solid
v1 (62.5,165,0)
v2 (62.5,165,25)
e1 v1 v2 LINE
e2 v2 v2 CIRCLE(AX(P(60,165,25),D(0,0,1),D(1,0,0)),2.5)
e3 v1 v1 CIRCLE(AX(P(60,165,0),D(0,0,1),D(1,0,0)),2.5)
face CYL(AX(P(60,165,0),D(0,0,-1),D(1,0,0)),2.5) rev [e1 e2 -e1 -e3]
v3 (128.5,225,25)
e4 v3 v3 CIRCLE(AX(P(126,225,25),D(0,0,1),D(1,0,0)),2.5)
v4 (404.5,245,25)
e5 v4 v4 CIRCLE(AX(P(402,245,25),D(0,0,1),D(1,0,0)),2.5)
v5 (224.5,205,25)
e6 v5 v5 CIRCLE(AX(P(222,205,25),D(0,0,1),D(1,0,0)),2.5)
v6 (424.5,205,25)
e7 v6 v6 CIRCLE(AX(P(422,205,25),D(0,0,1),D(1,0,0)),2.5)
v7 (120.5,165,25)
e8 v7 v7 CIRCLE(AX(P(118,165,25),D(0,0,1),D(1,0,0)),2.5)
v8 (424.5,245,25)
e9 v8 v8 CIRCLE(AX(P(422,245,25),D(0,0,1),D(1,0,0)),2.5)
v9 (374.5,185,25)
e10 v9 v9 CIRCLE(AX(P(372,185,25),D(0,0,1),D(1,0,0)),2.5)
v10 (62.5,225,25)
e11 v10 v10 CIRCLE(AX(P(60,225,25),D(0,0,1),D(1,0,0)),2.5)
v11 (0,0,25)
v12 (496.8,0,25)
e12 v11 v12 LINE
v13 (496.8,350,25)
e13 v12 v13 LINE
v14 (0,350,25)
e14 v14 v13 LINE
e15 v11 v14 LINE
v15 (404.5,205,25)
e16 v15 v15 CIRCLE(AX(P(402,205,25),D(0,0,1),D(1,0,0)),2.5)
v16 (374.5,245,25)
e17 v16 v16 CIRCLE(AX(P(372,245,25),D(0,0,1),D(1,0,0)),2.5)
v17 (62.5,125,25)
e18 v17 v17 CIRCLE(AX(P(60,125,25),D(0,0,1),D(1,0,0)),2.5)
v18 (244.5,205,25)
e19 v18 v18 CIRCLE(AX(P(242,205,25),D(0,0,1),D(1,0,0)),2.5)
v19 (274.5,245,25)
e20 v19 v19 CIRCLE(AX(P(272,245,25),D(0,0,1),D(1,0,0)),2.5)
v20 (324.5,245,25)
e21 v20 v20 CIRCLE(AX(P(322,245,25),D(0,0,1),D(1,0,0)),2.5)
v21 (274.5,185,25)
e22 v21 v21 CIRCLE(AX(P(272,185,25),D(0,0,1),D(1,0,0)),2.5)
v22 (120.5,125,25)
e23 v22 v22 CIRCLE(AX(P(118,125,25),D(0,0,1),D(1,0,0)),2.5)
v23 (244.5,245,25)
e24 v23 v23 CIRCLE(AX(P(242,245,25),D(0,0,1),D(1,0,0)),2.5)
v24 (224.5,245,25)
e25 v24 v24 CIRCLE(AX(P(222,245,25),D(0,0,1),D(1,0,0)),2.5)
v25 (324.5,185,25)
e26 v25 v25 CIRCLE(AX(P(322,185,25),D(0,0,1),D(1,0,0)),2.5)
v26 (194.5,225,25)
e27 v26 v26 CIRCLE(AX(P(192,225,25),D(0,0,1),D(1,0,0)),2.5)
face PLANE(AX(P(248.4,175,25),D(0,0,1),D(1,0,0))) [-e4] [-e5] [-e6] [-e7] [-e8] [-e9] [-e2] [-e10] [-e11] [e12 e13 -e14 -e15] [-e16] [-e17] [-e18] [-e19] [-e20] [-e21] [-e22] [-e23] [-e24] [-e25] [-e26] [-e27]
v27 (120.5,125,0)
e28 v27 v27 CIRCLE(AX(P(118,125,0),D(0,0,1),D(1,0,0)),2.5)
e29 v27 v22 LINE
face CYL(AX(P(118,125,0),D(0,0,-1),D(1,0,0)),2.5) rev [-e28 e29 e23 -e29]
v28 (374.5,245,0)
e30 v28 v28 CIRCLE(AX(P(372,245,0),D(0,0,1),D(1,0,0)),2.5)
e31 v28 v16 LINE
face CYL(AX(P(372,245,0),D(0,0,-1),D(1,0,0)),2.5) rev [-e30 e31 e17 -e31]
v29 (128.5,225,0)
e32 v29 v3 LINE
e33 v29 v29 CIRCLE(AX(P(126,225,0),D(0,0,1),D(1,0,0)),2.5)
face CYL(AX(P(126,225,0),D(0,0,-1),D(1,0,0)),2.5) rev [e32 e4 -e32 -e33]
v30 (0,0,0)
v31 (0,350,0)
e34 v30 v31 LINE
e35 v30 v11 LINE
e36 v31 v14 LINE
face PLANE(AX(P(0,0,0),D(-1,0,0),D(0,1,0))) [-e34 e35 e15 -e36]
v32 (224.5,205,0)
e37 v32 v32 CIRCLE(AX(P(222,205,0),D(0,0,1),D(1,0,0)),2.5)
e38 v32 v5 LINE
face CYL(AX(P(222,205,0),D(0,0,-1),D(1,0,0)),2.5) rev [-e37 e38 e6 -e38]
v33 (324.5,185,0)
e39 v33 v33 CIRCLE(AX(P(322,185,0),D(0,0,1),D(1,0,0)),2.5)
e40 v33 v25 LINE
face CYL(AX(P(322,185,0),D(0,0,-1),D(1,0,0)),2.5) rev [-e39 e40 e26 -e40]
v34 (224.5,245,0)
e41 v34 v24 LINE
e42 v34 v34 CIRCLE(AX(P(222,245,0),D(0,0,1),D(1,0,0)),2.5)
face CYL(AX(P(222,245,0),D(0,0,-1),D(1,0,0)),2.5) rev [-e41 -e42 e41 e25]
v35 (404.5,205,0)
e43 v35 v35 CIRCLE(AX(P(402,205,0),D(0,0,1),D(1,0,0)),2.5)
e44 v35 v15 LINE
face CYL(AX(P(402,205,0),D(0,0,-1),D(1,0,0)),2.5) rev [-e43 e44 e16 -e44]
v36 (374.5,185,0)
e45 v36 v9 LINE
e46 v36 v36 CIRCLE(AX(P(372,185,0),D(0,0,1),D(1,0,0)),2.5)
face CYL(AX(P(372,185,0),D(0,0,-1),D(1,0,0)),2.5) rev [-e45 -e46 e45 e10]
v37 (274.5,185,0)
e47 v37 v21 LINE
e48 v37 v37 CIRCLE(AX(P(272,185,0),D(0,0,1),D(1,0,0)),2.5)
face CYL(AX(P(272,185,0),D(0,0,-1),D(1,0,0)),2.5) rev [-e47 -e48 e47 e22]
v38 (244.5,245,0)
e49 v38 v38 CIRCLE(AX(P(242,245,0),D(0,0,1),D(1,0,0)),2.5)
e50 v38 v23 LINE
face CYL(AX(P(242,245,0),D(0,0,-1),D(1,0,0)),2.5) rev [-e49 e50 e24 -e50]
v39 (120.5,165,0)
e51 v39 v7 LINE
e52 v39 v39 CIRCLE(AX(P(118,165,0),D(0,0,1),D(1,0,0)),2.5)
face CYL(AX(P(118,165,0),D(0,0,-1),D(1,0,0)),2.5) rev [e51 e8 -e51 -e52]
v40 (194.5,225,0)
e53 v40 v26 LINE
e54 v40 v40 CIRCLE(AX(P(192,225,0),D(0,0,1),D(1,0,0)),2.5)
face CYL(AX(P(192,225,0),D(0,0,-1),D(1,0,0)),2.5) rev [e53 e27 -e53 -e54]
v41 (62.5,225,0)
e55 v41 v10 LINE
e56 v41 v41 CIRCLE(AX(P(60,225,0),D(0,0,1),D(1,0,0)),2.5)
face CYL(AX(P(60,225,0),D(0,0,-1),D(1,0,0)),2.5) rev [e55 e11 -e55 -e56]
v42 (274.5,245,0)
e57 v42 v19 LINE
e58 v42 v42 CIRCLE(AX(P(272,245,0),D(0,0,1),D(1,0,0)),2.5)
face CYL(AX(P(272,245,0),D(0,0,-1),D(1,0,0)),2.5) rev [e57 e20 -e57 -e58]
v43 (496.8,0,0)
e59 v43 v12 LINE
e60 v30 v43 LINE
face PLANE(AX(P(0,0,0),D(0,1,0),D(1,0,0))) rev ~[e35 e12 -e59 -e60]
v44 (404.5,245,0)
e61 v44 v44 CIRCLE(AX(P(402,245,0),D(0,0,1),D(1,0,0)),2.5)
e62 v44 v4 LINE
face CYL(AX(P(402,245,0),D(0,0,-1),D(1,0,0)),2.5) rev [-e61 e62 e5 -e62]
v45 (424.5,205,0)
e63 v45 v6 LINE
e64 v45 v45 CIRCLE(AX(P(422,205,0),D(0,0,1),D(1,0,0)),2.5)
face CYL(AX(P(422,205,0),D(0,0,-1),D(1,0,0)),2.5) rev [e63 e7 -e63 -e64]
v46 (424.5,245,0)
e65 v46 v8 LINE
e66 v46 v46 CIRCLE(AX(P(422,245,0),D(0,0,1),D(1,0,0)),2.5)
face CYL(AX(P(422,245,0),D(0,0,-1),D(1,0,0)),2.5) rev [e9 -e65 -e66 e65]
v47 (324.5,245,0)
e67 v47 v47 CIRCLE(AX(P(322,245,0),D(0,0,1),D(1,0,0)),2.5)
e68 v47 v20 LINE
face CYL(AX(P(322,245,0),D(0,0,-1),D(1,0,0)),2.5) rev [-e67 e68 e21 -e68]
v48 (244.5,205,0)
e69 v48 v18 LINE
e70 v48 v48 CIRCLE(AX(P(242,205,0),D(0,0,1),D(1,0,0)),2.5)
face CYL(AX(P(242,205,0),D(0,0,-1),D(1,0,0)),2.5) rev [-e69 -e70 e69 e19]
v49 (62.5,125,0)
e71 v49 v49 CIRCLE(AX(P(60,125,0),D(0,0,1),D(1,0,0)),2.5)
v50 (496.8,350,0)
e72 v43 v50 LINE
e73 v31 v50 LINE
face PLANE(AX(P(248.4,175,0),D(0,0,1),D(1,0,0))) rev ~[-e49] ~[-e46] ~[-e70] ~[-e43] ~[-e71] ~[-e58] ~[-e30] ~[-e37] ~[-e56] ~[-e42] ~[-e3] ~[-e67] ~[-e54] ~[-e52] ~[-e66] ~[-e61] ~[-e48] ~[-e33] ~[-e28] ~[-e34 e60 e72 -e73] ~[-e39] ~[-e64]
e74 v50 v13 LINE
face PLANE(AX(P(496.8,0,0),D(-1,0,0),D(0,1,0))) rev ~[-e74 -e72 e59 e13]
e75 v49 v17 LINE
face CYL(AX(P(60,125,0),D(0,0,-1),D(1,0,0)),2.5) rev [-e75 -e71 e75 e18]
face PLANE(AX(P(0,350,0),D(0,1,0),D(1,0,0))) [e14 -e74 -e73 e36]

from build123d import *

# Parameters (mm, degrees)
F0_W     = 496.8
F0_H     = 350
F0_R     = 2.5
F1_DEPTH = 25


with BuildPart() as f1:
    # F0 (on Top) → F1 (new body)
    with BuildSketch(Plane.XY):
        with Locations((248.4, 175)):
            Rectangle(F0_W, F0_H)
        with Locations((60, 125)):
            Circle(F0_R, mode=Mode.SUBTRACT)
        with Locations((118, 125)):
            Circle(F0_R, mode=Mode.SUBTRACT)
        with Locations((60, 165)):
            Circle(F0_R, mode=Mode.SUBTRACT)
        with Locations((118, 165)):
            Circle(F0_R, mode=Mode.SUBTRACT)
        with Locations((60, 225)):
            Circle(F0_R, mode=Mode.SUBTRACT)
        with Locations((222, 205)):
            Circle(F0_R, mode=Mode.SUBTRACT)
        with Locations((242, 205)):
            Circle(F0_R, mode=Mode.SUBTRACT)
        with Locations((126, 225)):
            Circle(F0_R, mode=Mode.SUBTRACT)
        with Locations((192, 225)):
            Circle(F0_R, mode=Mode.SUBTRACT)
        with Locations((222, 245)):
            Circle(F0_R, mode=Mode.SUBTRACT)
        with Locations((242, 245)):
            Circle(F0_R, mode=Mode.SUBTRACT)
        with Locations((272, 185)):
            Circle(F0_R, mode=Mode.SUBTRACT)
        with Locations((322, 185)):
            Circle(F0_R, mode=Mode.SUBTRACT)
        with Locations((372, 185)):
            Circle(F0_R, mode=Mode.SUBTRACT)
        with Locations((272, 245)):
            Circle(F0_R, mode=Mode.SUBTRACT)
        with Locations((322, 245)):
            Circle(F0_R, mode=Mode.SUBTRACT)
        with Locations((372, 245)):
            Circle(F0_R, mode=Mode.SUBTRACT)
        with Locations((402, 205)):
            Circle(F0_R, mode=Mode.SUBTRACT)
        with Locations((422, 205)):
            Circle(F0_R, mode=Mode.SUBTRACT)
        with Locations((402, 245)):
            Circle(F0_R, mode=Mode.SUBTRACT)
        with Locations((422, 245)):
            Circle(F0_R, mode=Mode.SUBTRACT)
    extrude(amount=F1_DEPTH)


solid = f1.part
